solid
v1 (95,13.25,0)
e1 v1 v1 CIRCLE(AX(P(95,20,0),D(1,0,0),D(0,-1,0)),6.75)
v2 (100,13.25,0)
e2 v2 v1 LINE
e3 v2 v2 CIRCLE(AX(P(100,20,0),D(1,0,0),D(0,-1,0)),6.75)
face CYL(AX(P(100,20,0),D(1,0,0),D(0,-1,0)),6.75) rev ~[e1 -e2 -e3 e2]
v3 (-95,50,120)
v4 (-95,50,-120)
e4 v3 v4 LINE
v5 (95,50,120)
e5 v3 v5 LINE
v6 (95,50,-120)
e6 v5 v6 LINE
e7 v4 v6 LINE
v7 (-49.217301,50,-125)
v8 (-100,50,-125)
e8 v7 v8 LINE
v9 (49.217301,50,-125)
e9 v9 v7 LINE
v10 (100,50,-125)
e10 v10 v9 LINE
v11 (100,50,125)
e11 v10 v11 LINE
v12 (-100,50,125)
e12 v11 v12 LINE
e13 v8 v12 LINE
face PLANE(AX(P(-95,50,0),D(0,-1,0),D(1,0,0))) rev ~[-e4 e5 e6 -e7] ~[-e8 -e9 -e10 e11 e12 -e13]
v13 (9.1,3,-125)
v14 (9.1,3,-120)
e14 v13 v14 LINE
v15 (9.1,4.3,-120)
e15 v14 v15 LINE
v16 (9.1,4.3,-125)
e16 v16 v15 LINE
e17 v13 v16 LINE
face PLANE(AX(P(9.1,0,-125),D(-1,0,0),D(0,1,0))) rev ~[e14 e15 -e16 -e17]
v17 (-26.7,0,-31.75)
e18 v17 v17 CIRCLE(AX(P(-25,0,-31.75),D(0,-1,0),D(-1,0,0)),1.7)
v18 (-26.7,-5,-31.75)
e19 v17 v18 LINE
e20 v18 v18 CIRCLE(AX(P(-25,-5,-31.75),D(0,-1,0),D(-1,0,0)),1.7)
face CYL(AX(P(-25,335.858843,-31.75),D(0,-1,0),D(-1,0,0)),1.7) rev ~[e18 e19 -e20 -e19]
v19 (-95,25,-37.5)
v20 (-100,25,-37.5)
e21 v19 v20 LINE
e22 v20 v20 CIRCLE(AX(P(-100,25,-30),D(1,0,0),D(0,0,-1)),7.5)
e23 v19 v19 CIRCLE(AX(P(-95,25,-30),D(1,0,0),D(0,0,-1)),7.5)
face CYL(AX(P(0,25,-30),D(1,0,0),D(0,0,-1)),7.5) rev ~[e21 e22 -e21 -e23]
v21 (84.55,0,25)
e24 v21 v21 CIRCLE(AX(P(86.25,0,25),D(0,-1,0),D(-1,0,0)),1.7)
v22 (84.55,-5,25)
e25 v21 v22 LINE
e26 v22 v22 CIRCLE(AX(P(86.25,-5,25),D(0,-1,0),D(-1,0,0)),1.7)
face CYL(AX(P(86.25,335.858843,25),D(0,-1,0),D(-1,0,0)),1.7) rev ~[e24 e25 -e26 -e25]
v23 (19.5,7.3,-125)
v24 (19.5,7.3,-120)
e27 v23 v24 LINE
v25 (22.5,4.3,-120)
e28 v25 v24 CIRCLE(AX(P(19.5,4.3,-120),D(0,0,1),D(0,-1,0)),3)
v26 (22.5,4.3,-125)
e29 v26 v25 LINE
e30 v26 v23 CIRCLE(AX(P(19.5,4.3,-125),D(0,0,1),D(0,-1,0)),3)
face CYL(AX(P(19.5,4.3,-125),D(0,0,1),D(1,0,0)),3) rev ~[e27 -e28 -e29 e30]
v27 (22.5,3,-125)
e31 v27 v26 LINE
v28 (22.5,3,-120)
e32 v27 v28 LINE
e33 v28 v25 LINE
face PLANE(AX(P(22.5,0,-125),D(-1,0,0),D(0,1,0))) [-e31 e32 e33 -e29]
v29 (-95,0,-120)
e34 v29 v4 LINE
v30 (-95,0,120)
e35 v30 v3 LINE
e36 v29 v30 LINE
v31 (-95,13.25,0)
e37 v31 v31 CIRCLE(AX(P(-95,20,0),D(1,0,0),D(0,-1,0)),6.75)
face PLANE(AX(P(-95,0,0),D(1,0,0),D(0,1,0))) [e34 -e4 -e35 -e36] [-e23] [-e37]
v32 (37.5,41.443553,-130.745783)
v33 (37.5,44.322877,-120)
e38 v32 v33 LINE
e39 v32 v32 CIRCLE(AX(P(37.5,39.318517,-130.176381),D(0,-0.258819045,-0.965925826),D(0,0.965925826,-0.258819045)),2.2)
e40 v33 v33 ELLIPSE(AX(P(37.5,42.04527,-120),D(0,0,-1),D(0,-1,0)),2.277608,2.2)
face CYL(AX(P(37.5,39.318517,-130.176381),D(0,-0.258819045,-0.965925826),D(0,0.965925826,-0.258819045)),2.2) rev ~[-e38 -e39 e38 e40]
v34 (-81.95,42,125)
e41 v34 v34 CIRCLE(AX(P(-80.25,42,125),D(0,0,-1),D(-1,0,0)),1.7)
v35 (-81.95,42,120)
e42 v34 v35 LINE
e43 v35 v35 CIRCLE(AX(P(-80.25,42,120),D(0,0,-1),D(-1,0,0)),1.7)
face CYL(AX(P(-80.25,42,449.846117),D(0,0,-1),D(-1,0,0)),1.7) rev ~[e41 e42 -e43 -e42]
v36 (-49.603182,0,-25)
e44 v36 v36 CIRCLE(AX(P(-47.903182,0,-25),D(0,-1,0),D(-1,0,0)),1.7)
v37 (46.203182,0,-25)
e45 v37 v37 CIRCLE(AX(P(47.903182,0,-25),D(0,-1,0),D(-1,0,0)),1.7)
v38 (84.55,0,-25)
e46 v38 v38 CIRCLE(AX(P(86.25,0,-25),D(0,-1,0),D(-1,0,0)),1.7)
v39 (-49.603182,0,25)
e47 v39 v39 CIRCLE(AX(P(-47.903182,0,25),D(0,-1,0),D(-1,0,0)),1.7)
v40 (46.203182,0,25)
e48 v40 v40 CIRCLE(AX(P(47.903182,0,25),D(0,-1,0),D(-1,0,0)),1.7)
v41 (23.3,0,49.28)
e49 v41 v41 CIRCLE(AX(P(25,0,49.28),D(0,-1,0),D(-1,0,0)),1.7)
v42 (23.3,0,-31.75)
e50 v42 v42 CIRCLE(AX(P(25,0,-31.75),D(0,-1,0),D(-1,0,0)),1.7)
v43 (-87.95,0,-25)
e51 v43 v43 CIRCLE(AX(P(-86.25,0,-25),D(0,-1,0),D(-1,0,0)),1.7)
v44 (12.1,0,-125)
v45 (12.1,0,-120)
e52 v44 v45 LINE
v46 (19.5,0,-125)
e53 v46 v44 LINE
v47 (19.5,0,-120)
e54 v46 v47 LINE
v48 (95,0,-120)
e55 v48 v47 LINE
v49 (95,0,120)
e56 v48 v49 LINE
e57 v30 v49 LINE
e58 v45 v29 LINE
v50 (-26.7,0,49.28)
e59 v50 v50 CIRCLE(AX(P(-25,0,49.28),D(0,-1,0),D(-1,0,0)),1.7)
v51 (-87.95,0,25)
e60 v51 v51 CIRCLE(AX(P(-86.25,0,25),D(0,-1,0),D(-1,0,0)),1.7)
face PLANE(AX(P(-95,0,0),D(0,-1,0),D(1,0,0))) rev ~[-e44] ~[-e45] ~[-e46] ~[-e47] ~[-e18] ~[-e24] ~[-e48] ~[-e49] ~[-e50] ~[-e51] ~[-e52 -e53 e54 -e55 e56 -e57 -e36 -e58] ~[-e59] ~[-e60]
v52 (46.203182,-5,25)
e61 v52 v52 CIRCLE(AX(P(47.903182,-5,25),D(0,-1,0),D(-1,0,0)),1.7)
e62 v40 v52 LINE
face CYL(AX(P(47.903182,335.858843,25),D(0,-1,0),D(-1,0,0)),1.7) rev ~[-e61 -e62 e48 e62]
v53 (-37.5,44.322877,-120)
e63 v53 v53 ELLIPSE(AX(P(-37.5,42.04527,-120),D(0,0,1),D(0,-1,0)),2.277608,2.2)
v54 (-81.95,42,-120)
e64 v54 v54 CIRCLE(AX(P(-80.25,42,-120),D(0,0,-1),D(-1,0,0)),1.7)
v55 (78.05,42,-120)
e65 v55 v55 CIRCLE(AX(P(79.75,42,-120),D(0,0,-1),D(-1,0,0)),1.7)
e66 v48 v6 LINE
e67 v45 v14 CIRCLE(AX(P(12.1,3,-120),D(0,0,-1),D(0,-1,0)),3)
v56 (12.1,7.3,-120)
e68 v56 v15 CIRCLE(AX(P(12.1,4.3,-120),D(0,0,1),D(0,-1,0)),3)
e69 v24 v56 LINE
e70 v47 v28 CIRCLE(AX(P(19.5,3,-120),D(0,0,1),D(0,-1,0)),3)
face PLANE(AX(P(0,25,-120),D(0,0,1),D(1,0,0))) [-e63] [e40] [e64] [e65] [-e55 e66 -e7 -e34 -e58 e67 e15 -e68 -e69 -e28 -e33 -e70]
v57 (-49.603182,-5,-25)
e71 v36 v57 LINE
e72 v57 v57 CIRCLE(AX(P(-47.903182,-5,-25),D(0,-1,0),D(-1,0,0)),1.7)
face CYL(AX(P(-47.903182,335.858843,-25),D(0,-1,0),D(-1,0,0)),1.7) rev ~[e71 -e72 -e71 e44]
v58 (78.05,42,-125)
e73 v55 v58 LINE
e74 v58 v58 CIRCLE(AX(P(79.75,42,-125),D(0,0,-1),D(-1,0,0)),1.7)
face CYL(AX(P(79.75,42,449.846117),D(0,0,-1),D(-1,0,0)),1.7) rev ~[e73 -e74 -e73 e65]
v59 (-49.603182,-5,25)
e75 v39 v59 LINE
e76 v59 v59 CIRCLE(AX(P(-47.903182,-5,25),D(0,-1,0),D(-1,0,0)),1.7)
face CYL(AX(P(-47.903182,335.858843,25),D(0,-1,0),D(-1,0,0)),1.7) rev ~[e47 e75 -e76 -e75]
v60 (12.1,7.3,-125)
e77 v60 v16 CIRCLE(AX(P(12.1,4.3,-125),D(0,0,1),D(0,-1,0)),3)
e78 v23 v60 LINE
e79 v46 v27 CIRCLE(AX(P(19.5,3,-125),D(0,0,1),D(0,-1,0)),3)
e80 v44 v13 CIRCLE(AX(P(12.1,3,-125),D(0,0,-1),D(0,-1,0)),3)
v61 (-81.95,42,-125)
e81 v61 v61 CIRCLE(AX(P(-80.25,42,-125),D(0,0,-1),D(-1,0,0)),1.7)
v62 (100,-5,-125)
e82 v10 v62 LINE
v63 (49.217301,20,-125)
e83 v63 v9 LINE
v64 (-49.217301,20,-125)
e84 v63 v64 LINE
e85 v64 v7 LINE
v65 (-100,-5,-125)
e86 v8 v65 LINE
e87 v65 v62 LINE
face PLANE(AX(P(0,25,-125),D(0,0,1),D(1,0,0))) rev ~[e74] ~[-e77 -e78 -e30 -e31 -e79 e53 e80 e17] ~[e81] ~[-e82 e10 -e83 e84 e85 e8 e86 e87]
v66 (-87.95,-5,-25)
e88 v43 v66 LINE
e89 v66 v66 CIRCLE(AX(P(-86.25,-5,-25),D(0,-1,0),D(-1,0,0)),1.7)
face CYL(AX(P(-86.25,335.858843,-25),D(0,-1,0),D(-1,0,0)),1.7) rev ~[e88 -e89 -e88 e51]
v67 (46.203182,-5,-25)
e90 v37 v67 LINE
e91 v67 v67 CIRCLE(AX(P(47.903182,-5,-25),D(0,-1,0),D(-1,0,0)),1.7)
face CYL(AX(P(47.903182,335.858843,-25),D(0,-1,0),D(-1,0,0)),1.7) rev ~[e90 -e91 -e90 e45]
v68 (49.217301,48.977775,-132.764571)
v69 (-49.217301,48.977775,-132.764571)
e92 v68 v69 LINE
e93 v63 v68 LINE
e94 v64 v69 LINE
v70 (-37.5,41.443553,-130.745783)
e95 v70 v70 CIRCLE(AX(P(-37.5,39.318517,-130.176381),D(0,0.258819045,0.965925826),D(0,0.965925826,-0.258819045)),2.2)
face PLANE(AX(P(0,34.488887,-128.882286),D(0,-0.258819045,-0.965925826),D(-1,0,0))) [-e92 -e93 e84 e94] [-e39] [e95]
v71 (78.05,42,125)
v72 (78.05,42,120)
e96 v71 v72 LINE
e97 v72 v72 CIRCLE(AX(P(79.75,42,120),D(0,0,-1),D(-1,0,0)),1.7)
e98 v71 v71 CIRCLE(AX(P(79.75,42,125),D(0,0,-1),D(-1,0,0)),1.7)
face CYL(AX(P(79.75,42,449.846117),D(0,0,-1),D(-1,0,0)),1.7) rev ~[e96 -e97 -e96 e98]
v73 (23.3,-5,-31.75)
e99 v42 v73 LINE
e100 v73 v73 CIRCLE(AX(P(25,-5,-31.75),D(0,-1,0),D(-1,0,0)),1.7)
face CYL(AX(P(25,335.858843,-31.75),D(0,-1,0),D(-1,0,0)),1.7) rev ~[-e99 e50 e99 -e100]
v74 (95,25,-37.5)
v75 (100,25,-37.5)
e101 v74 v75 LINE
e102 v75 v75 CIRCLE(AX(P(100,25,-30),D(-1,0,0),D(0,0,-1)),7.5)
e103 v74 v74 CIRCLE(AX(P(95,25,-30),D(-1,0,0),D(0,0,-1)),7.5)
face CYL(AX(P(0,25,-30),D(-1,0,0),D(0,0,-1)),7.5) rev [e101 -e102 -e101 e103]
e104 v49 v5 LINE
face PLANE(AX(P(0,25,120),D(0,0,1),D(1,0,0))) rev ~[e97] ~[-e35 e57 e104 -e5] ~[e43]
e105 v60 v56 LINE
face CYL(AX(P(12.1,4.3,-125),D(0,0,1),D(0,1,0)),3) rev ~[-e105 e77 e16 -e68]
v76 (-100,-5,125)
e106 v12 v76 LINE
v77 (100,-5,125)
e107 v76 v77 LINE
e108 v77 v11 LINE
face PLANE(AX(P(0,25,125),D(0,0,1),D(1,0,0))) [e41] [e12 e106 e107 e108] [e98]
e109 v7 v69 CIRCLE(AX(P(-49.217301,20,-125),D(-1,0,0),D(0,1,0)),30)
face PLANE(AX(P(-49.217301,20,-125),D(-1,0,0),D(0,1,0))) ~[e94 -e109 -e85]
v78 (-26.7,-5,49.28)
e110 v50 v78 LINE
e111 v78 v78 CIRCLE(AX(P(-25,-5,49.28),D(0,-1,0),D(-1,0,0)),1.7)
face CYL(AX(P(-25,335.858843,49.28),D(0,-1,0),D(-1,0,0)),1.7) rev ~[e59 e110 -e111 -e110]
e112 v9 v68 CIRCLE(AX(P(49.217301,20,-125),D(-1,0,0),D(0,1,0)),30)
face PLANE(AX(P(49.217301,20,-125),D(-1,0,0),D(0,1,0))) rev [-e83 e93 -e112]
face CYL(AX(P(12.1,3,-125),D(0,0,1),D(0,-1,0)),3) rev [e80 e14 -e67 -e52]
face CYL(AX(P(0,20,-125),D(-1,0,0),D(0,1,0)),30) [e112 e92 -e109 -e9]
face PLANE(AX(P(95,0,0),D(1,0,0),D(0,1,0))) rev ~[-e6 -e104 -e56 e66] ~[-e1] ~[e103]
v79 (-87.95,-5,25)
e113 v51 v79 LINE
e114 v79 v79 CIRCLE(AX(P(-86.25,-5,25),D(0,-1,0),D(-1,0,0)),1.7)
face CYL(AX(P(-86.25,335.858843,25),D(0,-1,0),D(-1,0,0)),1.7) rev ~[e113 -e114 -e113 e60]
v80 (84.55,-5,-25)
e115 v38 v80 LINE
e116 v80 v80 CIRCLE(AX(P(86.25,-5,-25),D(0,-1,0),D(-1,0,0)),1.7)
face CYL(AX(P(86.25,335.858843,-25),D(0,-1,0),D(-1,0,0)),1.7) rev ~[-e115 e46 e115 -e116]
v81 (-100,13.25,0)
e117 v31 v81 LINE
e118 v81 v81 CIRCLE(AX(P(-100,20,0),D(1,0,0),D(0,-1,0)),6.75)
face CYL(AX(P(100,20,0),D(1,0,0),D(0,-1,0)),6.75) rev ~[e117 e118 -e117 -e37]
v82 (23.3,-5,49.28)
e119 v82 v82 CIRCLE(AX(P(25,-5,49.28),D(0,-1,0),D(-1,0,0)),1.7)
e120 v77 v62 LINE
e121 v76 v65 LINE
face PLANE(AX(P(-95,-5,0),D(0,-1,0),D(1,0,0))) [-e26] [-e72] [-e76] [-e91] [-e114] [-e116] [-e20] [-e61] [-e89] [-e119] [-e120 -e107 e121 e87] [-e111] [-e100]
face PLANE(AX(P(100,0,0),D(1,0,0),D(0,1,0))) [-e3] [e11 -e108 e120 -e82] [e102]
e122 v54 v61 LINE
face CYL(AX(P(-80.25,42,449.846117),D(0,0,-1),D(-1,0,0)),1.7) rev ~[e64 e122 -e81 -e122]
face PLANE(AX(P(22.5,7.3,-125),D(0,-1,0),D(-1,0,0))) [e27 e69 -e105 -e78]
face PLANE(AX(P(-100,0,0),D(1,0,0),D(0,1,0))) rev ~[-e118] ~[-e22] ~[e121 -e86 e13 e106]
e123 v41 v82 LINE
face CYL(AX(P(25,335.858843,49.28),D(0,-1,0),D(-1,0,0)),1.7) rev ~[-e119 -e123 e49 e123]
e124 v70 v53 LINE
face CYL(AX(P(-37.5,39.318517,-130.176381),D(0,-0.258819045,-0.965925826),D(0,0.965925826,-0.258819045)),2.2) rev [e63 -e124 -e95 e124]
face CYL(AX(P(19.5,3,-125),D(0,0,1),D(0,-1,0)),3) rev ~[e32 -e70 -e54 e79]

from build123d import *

# Parameters (mm, degrees)
SKETCH1_W               = 190
SKETCH1_H               = 50
BOSS_EXTRUDE1_DEPTH     = 120
SHELL1_T                = 5
SKETCH3_R               = 6.75
CUT_EXTRUDE2_DEPTH      = 242.091269025
CUT_EXTRUDE2_DEPTH_BACK = 242.091269025
M3_CLEARANCE_HOLE1_D    = 3.4
SKETCH8_R               = 7.5
CUT_EXTRUDE4_DEPTH      = 168.705098312
CUT_EXTRUDE4_DEPTH_BACK = 168.705098312
SKETCH10_W              = 13.4
SKETCH10_H              = 7.3
CUT_EXTRUDE6_DEPTH      = 5
FILLET1_R               = 3
SKETCH11_W              = 98.43460289
SKETCH11_H              = 30
REVOLVE1_ANGLE          = 15
CUT_EXTRUDE7_REACH      = 271.031
SKETCH12_R              = 2.2
M3_CLEARANCE_HOLE3_D    = 3.4


with BuildPart() as part:
    # Sketch1 → Boss-Extrude1 (new, symmetric)
    with BuildSketch(Plane.XY):
        with Locations((0, 25)):
            Rectangle(SKETCH1_W, SKETCH1_H)
    extrude(amount=BOSS_EXTRUDE1_DEPTH, both=True)

    # Shell1
    shell1_openings = [part.faces().sort_by_distance(p)[0] for p in [
        (0, 50, 0),
    ]]
    offset(amount=SHELL1_T, openings=shell1_openings, kind=Kind.INTERSECTION)

    # Sketch3 → Cut-Extrude2 (cut, two sides)
    with BuildSketch(Plane(origin=(100, 0, 0), x_dir=(0, 0, -1), z_dir=(1, 0, 0))) as cut_extrude2_sk:
        with Locations(Location((0, 20, 0), (0, 0, 270))):
            Circle(SKETCH3_R)
    extrude(amount=CUT_EXTRUDE2_DEPTH, mode=Mode.SUBTRACT)
    extrude(cut_extrude2_sk.sketch, amount=-CUT_EXTRUDE2_DEPTH_BACK, mode=Mode.SUBTRACT)

    # M3 Clearance Hole1 (through all)
    with Locations(Plane.XY.offset(125)):
        with Locations((-80.25, 42), (79.75, 42)):
            Hole(M3_CLEARANCE_HOLE1_D / 2)

    # Sketch8 → Cut-Extrude4 (cut, two sides)
    with BuildSketch(Plane(origin=(0, 0, 0), x_dir=(0, 0, -1), z_dir=(1, 0, 0))) as cut_extrude4_sk:
        with Locations((30, 25)):
            Circle(SKETCH8_R)
    extrude(amount=CUT_EXTRUDE4_DEPTH, mode=Mode.SUBTRACT)
    extrude(cut_extrude4_sk.sketch, amount=-CUT_EXTRUDE4_DEPTH_BACK, mode=Mode.SUBTRACT)

    # Sketch10 → Cut-Extrude6 (cut)
    with BuildSketch(Plane(origin=(0, 0, -125), x_dir=(-1, 0, 0), z_dir=(0, 0, -1))):
        with Locations((-15.8, 3.65)):
            Rectangle(SKETCH10_W, SKETCH10_H)
    extrude(amount=-CUT_EXTRUDE6_DEPTH, mode=Mode.SUBTRACT)

    # Fillet1
    fillet1_edges = [part.edges().sort_by_distance(p)[0] for p in [
        (22.5, 0, -122.5),
        (22.5, 7.3, -122.5),
        (9.1, 7.3, -122.5),
        (9.1, 0, -122.5),
    ]]
    fillet(fillet1_edges, radius=FILLET1_R)

    # Sketch11 → Revolve1 (revolve)
    with BuildSketch(Plane(origin=(0, 0, -125), x_dir=(-1, 0, 0), z_dir=(0, 0, -1))):
        with Locations((0, 35)):
            Rectangle(SKETCH11_W, SKETCH11_H)
    revolve(axis=Axis((49.217301445, 20, -125), (-1, 0, 0)), revolution_arc=REVOLVE1_ANGLE)

    # Cut-Extrude7: up to this plane
    cut_extrude7_end = Plane(origin=(0, 0, -120), z_dir=(0, 0, -1))
    # Sketch12 → Cut-Extrude7 (cut, up to the surface)
    with BuildSketch(Plane(origin=(0, -29.910254038, -111.626587737), x_dir=(-1, 0, 0), z_dir=(0, -0.25881904510252135, -0.9659258262890682)), mode=Mode.PRIVATE) as cut_extrude7_sk1:
        with Locations(Location((-37.5, 71.670897164, 0), (0, 0, 90))):
            Circle(SKETCH12_R)
    cut_extrude7_tool1 = split(extrude(cut_extrude7_sk1.sketch, amount=-CUT_EXTRUDE7_REACH, mode=Mode.PRIVATE), bisect_by=cut_extrude7_end, keep=Keep.BOTH, mode=Mode.PRIVATE)
    cut_extrude7 = cut_extrude7_tool1.solids().sort_by_distance((37.5, 39.318517, -130.176381))[0]
    add(cut_extrude7, mode=Mode.SUBTRACT)

    # Mirror2: Cut-Extrude7 across plane
    add(cut_extrude7.mirror(Plane(origin=(0, 0, 0), x_dir=(0, 0, 1), z_dir=(1, 0, 0))), mode=Mode.SUBTRACT)

    # M3 Clearance Hole3 (through all)
    with Locations(Plane(origin=(0, 5, 0), x_dir=(1, 0, 0), z_dir=(0, 1, 0))):
        with Locations((-47.903181707, 25), (-86.25, 25), (-47.903181707, -25), (-86.25, -25), (25, -49.28), (47.903181707, -25), (86.25, -25), (86.25, 25), (47.903181707, 25), (25, 31.75), (-25, 31.75), (-25, -49.28)):
            Hole(M3_CLEARANCE_HOLE3_D / 2)


solid = part.part
